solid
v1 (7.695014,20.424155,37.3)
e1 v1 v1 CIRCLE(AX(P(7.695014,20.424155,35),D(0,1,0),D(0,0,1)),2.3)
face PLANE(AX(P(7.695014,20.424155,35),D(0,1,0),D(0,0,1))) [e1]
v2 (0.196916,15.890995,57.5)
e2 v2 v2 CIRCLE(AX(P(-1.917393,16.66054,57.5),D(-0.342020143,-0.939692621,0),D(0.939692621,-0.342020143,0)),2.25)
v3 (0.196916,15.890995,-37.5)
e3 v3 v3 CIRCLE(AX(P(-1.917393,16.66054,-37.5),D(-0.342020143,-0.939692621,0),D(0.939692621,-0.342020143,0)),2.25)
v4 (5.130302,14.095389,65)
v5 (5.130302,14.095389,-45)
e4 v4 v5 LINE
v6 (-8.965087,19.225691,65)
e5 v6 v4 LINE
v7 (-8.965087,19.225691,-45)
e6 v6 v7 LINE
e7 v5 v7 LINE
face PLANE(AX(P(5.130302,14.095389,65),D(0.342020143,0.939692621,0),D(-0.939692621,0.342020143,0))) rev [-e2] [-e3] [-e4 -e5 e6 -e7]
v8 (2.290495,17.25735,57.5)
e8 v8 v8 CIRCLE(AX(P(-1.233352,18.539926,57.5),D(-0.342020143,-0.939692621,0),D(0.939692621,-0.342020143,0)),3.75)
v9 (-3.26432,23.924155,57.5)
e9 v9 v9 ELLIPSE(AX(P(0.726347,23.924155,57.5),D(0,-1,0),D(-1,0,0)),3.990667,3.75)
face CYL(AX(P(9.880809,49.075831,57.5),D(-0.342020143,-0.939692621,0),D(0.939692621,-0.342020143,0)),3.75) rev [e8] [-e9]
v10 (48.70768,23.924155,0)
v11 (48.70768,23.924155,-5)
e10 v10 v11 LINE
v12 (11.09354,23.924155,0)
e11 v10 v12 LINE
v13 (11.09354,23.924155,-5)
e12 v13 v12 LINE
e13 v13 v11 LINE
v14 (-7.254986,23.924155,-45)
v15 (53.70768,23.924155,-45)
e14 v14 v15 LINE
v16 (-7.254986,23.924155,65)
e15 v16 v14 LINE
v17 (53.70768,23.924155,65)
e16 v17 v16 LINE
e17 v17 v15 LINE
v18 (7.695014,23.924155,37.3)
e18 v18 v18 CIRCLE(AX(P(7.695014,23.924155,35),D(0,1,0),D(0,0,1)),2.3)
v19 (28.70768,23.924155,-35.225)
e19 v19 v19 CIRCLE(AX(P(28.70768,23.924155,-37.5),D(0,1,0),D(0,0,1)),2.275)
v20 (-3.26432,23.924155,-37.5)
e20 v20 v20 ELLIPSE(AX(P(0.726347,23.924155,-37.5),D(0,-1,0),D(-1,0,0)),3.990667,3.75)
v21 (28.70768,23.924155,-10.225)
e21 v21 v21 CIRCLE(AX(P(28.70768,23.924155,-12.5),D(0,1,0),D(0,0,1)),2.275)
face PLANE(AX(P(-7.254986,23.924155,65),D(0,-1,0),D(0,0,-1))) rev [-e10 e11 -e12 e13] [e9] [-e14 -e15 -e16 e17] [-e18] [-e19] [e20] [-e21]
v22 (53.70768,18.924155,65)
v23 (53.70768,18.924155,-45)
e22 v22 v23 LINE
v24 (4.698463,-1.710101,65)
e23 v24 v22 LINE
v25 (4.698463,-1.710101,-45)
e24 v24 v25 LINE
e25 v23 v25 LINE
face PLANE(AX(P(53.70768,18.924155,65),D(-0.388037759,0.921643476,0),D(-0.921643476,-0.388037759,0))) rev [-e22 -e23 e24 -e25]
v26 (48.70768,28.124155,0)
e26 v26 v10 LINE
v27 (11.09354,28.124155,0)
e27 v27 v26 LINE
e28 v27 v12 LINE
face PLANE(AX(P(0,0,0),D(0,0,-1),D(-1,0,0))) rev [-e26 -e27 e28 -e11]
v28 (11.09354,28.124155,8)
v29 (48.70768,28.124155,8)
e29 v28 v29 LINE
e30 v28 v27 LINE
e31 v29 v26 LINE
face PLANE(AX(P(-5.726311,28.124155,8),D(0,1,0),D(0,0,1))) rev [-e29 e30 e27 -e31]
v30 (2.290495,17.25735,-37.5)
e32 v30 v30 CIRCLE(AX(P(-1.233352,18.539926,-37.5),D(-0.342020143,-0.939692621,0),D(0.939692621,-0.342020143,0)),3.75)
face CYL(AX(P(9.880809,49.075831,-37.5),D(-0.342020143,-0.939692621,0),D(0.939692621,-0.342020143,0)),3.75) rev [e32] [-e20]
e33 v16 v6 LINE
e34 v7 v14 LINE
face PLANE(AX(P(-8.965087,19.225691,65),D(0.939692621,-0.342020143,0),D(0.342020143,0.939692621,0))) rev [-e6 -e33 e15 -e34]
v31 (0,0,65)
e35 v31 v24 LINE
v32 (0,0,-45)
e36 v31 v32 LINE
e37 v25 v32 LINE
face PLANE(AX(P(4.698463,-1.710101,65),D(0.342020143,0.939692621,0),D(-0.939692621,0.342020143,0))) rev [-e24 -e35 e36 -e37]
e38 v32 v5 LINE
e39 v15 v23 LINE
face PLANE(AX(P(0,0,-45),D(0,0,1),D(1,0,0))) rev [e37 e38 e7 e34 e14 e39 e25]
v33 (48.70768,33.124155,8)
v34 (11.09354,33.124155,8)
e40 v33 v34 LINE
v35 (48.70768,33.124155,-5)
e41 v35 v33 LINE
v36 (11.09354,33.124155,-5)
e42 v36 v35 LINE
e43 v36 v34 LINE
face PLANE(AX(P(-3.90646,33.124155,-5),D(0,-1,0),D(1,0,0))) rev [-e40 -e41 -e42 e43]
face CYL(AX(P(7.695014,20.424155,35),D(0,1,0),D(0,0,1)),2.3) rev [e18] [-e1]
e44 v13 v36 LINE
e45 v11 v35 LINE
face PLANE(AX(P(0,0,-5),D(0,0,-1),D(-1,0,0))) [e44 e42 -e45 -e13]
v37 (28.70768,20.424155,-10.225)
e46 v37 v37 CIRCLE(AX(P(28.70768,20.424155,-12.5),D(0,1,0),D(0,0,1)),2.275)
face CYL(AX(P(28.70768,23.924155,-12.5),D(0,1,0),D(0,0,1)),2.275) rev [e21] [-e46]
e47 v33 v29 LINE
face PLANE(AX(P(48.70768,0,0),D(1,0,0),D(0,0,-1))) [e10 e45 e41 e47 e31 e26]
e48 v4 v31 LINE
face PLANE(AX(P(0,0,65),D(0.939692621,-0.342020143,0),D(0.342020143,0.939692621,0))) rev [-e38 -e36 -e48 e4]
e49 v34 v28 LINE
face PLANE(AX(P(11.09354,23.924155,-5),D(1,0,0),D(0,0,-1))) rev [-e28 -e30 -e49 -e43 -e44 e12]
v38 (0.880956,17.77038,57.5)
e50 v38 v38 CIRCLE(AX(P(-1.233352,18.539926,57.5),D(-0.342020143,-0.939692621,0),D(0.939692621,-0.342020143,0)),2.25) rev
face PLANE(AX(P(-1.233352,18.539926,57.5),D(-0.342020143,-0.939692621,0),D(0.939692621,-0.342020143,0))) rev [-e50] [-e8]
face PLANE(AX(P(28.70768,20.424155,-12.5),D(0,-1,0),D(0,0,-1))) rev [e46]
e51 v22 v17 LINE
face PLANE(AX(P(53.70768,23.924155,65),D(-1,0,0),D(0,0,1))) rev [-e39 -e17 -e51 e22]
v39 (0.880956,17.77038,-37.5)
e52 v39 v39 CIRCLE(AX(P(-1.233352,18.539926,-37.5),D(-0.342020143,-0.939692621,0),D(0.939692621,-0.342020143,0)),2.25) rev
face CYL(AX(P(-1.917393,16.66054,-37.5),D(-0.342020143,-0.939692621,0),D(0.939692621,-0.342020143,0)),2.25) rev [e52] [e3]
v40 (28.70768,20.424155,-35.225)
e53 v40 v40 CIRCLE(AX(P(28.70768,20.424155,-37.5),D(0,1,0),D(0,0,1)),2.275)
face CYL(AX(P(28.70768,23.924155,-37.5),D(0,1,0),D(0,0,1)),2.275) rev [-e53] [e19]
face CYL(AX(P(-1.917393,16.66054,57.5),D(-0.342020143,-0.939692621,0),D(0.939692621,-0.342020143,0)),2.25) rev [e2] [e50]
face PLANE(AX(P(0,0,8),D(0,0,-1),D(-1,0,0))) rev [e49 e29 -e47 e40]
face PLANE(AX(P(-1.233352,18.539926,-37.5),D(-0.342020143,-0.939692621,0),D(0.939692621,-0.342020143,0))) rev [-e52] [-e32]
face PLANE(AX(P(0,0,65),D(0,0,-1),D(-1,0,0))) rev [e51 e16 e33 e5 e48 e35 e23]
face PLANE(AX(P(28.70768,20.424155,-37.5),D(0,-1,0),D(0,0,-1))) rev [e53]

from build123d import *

# Parameters (mm, degrees)
EXTRUDE_1_DEPTH        = 65
EXTRUDE_2_DEPTH        = 5
EXTRUDE_3_DEPTH        = 8
SKETCH_8_R             = 2.3
CUT_EXTRUDE_4_DEPTH    = 3.5
CUT_EXTRUDE_6_DEPTH    = 14
EXTRUDE_4_DEPTH        = 40
HOLE_WIZARD_M4_1_D     = 4.5
HOLE_WIZARD_M4_1_DEPTH = 10
HOLE_WIZARD_M4_1_TIP   = 1.351936393
CUT_EXTRUDE_START      = -2
SKETCH_16_R            = 3.75
CUT_EXTRUDE_7_DEPTH    = 33.495632075
F_4_0MM_1_D            = 4.55
F_4_0MM_1_DEPTH        = 3.5
CUT_EXTRUDE_8_DEPTH    = 5


with BuildPart() as part:
    # ｽｹｯﾁ1 → ﾎﾞｽ - 押し出し1 (new body)
    with BuildSketch(Plane.XY):
        Polygon((0, 0), (5.13030215, 14.095389312), (-8.965087162, 19.225691462), (-7.254986445, 23.924154566), (53.707680142, 23.924154566), (53.707680142, 18.924154566), (4.698463104, -1.710100717), align=None)
    extrude(amount=EXTRUDE_1_DEPTH)

    # ｽｹｯﾁ6 → ﾎﾞｽ - 押し出し2 (add)
    with BuildSketch(Plane(origin=(0, 0, 0), x_dir=(-1, 0, 0), z_dir=(0, 0, -1))):
        Polygon((-53.707680142, 33.124154566), (-53.707680142, 18.924154566), (-4.698463104, -1.710100717), (0, 0), (-5.13030215, 14.095389312), (8.965087162, 19.225691462), (3.90646029, 33.124154566), align=None)
    extrude(amount=EXTRUDE_2_DEPTH)

    # ｽｹｯﾁ7 → ﾎﾞｽ - 押し出し3 (add)
    with BuildSketch(Plane.XY):
        Polygon((-3.90646029, 33.124154566), (-5.726311461, 28.124154566), (53.707680142, 28.124154566), (53.707680142, 33.124154566), align=None)
    extrude(amount=EXTRUDE_3_DEPTH)

    # ｽｹｯﾁ8 → ｶｯﾄ - 押し出し4 (cut)
    with BuildSketch(Plane(origin=(0, 23.924154566, 0), x_dir=(1, 0, 0), z_dir=(0, 1, 0))):
        with Locations((7.695013555, -35)):
            Circle(SKETCH_8_R)
    extrude(amount=-CUT_EXTRUDE_4_DEPTH, mode=Mode.SUBTRACT)

    # ｽｹｯﾁ12 → ｶｯﾄ - 押し出し6 (cut, through all)
    with BuildSketch(Plane.XY.offset(8)):
        Polygon((-3.90646029, 33.124154566), (-7.254986445, 23.924154566), (11.09353971, 23.924154566), (11.09353971, 33.124154566), align=None)
    extrude(amount=-CUT_EXTRUDE_6_DEPTH, mode=Mode.SUBTRACT)

    # ｽｹｯﾁ13 → ﾎﾞｽ - 押し出し4 (add)
    with BuildSketch(Plane(origin=(0, 0, -5), x_dir=(-1, 0, 0), z_dir=(0, 0, -1))):
        Polygon((-4.698463104, -1.710100717), (0, 0), (-5.13030215, 14.095389312), (8.965087162, 19.225691462), (7.254986445, 23.924154566), (-53.707680142, 23.924154566), (-53.707680142, 18.924154566), align=None)
    extrude(amount=EXTRUDE_4_DEPTH)

    # M4 すきま穴1
    with Locations(Plane(origin=(5.13030215, 14.095389312, 0), x_dir=(-0.939692621, 0.342020143, 0), z_dir=(-0.342020143, -0.939692621, 0))):
        with Locations((7.5, -57.5), (7.5, 37.5)):
            Hole(HOLE_WIZARD_M4_1_D / 2, depth=HOLE_WIZARD_M4_1_DEPTH)
            with Locations((0, 0, -(HOLE_WIZARD_M4_1_DEPTH + HOLE_WIZARD_M4_1_TIP / 2))):  # 118° drill point
                Cone(0, HOLE_WIZARD_M4_1_D / 2, HOLE_WIZARD_M4_1_TIP, mode=Mode.SUBTRACT)

    # ｽｹｯﾁ16 → ｶｯﾄ - 押し出し7 (cut, through all)
    with BuildSketch(Plane(origin=(5.13030215, 14.095389312, 0), x_dir=(0.939692621, -0.342020143, 0), z_dir=(-0.342020143, -0.939692621, 0)).offset(CUT_EXTRUDE_START)):
        with Locations((-7.5, 57.5)):
            Circle(SKETCH_16_R)
        with Locations((-7.5, -37.5)):
            Circle(SKETCH_16_R)
    extrude(amount=-CUT_EXTRUDE_7_DEPTH, mode=Mode.SUBTRACT)

    # Ø4.0mm ﾀﾞｳｴﾙ穴1
    with Locations(Plane(origin=(0, 23.924154566, 0), x_dir=(1, 0, 0), z_dir=(0, 1, 0))):
        with Locations((28.707680142, 37.5), (28.707680142, 12.5)):
            Hole(F_4_0MM_1_D / 2, depth=F_4_0MM_1_DEPTH)

    # ｽｹｯﾁ19 → ｶｯﾄ - 押し出し8 (cut)
    with BuildSketch(Plane(origin=(53.707680142, 0, 0), x_dir=(0, 0, -1), z_dir=(1, 0, 0))):
        Polygon((0, 23.924154566), (5, 23.924154566), (5, 33.124154566), (-8, 33.124154566), (-8, 28.124154566), (0, 28.124154566), align=None)
    extrude(amount=-CUT_EXTRUDE_8_DEPTH, mode=Mode.SUBTRACT)


solid = part.part
